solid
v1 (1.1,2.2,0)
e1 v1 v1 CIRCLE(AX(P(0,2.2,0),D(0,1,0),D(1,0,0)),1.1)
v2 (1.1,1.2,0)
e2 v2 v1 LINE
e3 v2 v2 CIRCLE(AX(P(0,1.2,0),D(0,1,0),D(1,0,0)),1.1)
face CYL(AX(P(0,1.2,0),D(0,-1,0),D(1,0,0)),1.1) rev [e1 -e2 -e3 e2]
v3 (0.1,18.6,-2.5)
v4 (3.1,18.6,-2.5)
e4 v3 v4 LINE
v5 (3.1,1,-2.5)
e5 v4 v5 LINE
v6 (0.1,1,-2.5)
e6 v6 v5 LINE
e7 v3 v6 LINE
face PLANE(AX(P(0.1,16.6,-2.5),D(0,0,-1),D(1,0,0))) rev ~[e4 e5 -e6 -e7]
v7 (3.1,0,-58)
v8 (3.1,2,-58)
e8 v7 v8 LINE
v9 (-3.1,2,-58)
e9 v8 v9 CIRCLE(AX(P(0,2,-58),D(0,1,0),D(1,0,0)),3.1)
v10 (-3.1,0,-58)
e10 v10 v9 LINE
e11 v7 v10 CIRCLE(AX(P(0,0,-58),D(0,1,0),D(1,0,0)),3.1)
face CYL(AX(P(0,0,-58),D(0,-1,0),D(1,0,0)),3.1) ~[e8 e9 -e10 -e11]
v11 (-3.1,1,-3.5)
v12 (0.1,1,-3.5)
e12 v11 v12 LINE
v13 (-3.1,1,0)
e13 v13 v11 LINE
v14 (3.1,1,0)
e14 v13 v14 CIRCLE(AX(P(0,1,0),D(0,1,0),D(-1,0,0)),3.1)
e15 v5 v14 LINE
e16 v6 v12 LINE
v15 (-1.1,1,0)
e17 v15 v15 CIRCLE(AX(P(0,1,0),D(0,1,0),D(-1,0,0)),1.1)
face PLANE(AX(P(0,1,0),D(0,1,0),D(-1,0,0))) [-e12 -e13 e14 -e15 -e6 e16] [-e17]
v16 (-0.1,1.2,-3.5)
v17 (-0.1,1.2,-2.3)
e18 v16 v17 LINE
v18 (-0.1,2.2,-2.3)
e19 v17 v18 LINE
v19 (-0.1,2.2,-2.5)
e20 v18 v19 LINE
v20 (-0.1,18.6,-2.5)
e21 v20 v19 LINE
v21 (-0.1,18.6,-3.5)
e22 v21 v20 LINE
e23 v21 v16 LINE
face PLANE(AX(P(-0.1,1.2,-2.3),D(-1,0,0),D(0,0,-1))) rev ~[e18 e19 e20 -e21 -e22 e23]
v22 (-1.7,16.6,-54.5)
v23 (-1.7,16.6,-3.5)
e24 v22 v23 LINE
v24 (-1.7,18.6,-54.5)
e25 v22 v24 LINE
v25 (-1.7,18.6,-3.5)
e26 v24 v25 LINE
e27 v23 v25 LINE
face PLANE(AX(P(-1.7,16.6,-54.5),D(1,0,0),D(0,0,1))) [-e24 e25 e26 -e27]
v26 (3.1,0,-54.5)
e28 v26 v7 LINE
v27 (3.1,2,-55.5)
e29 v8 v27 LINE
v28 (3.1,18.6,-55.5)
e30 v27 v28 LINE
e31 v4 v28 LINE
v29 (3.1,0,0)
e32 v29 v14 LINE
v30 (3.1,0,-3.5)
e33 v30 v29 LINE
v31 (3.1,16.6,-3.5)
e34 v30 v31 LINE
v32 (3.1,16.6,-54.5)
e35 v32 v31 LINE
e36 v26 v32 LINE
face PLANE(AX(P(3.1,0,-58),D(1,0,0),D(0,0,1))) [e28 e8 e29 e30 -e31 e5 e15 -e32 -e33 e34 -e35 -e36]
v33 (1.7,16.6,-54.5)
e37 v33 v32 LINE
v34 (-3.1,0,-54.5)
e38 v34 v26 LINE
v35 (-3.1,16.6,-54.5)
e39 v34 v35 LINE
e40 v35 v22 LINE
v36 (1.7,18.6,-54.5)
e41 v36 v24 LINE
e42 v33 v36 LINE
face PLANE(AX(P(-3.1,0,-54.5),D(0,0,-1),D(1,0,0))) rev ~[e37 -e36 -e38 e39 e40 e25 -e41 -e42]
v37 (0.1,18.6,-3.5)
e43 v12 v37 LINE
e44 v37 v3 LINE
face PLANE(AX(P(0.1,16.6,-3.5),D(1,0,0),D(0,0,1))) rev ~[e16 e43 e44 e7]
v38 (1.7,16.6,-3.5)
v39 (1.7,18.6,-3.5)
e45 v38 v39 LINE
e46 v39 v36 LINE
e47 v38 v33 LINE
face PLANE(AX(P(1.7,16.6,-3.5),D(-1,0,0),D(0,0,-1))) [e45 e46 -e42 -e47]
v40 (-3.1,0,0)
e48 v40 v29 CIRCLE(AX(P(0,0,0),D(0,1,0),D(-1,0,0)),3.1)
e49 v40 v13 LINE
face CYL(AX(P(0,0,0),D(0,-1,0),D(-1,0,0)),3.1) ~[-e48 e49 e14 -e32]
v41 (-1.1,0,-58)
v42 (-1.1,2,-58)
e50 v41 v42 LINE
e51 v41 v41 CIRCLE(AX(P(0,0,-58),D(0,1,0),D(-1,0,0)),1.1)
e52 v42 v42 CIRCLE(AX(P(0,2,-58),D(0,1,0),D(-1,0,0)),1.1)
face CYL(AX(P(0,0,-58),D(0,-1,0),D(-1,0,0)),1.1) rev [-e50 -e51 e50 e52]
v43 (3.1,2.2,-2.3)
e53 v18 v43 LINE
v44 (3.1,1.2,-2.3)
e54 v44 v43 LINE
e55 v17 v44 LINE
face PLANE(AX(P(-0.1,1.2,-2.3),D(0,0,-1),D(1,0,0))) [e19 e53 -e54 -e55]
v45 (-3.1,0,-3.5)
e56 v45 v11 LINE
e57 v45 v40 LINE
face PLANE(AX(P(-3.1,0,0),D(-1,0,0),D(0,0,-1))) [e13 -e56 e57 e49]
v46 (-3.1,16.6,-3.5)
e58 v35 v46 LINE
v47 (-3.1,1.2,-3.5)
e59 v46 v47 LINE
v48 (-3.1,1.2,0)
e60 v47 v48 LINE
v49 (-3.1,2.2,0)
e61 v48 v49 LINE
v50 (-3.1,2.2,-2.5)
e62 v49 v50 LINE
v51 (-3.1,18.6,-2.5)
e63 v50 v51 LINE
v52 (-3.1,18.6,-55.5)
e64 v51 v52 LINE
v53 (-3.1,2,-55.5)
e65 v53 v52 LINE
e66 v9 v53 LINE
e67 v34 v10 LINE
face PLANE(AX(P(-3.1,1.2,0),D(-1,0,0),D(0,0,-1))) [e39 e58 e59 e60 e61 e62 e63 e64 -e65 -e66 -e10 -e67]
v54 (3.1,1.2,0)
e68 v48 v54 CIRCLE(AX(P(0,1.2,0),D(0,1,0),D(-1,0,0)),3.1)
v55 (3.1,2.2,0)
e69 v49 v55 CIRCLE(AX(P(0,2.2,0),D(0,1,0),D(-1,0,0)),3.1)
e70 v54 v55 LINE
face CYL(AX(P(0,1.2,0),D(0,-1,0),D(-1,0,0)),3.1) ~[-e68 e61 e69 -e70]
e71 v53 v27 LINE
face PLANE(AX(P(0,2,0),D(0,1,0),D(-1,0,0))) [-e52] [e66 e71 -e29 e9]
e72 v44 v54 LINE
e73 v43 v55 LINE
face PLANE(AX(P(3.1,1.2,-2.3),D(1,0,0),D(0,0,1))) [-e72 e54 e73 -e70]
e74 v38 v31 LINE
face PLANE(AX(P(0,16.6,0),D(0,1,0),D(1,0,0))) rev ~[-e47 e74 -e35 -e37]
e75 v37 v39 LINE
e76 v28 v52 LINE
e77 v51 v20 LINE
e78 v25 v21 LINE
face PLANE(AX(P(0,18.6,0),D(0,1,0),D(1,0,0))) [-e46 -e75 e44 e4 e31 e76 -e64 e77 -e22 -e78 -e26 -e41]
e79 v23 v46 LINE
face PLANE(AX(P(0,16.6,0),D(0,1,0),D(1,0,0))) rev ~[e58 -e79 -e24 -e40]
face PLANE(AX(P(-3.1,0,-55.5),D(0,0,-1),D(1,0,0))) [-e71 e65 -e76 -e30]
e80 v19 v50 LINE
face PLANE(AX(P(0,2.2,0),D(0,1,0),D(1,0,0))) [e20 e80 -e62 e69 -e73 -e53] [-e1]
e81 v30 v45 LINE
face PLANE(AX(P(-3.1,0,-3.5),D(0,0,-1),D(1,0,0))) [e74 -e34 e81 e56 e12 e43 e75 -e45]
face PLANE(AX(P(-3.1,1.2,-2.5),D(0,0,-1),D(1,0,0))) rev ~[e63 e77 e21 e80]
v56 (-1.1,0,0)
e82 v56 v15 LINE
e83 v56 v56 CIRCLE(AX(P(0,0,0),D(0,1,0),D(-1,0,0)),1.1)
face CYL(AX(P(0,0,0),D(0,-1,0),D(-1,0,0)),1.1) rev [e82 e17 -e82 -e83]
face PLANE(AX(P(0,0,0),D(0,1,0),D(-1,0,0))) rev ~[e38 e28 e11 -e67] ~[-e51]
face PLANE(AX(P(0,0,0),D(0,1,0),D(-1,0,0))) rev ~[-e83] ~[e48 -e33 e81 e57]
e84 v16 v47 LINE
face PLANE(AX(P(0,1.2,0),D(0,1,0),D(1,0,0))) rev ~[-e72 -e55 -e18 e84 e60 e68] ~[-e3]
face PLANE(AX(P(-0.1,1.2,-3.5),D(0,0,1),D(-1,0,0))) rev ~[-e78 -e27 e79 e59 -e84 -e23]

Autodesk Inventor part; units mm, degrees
ref_plane "YZ Plane" through (0, 0, 0) normal (1, 0, 0) x (0, 1, 0)
ref_plane "XZ Plane" through (0, 0, 0) normal (0, 1, 0) x (-1, 0, 0)
sketch "Sketch1" plane through (0, 0, 0) normal (0, 1, 0) x (-1, 0, 0)
  circle A0 centre (0, 0) radius 1.1
  arc A1 (3.1, 0) -> (-3.1, 0) centre (0, 0) ccw
  circle A2 centre (0, -58) radius 1.1
  arc A3 (-3.1, -58) -> (3.1, -58) centre (0, -58) ccw
  line L0 (3.1, -58) -> (3.1, -54.5)
  line L1 (-3.1, -58) -> (-3.1, -54.5)
  line L2 (3.1, -54.5) -> (-3.1, -54.5)
  line L3 (3.1, -3.5) -> (-3.1, -3.5)
  line L4 (-3.1, -3.5) -> (-3.1, 0)
  line L5 (3.1, 0) -> (3.1, -3.5)
  line L6 (3.1, -55.5) -> (-3.1, -55.5)
  line L7 (3.1, -2.5) -> (-3.1, -2.5)
  line L8 (-0.1, -2.5) -> (-0.1, -3.5)
  dimension "d0" = 2.2
  dimension "d1" = 2
  dimension "d2" = 2.2
  dimension "d3" = 2
  dimension "d4" = 58
  dimension "d5" = 3.5
  dimension "d6" = 3.5
  dimension "d7" = 1
  dimension "d8" = 1
  dimension "d17" = 0.1
extrude "Extrusion1" add sketch "Sketch1" along normal blind 2 contours L1 L6 L0 A3
extrude "Extrusion5" add sketch "Sketch1" along normal blind 1 contours L5 L7 L4 A1 | L5 L3 L8 L7
extrude "Extrusion2" add sketch "Sketch1" along normal blind 16.6 contours L7 L8 L3 L4 | L1 L2 L0 L6
sketch "Sketch2" plane through (0, 16.6, 0) normal (0, 1, 0) x (1, 0, 0)
  line L0 (-3.1, 2.5) -> (-3.1, 0) construction
  line L1 (3.1, 55.5) -> (3.1, 58) construction
  line L2 (-3.1, 2.5) -> (3.1, 2.5)
  line L3 (3.1, 2.5) -> (3.1, 55.5)
  line L4 (3.1, 55.5) -> (-3.1, 55.5)
  line L5 (-3.1, 55.5) -> (-3.1, 2.5)
  line L6 (3.1, 3.5) -> (0.1, 3.5) construction
  line L7 (-3.1, 54.5) -> (3.1, 54.5) construction
  line L8 (-1.7, 3.5) -> (1.7, 3.5)
  line L9 (1.7, 3.5) -> (1.7, 54.5)
  line L10 (1.7, 54.5) -> (-1.7, 54.5)
  line L11 (-1.7, 54.5) -> (-1.7, 3.5)
  line L12 (3.1, 3.5) -> (-3.1, 3.5) projected
  line L13 (-0.1, 3.5) -> (-0.1, 2.5)
  line L14 (0.1, 3.5) -> (0.1, 2.5)
  point P0 (0, 0)
  point P1 (0, 3.5)
  dimension "d13" = 1.4
  dimension "d14" = 1.4
  dimension "d37" = 0.2
  dimension "d38" = 0.1
extrude "Extrusion3" add sketch "Sketch2" along normal blind 2 contours L5 L12 L8 L13 L2 | L5 L4 L3 L12 L9 L10 L11 | L14 L8 L12 L3 L2
ref_plane "Work Plane3" through (0, 1.2, 0) normal (0, 1, 0) x (1, 0, 0)
sketch "Sketch4" plane through (0, 1.2, 0) normal (0, 1, 0) x (1, 0, 0)
  arc A0 (-3.1, 0) -> (3.1, 0) centre (0, 0) ccw projected
  circle A1 centre (0, 0) radius 1.1 projected
  line L0 (-3.1, 3.5) -> (-3.1, 0) construction
  line L1 (3.1, 0) -> (3.1, 3.5) construction
  line L2 (3.1, 2.3) -> (3.1, 0)
  line L3 (3.1, 2.5) -> (0.1, 2.5) construction
  line L4 (-0.1, 2.3) -> (-0.1, 3.5)
  line L5 (-0.1, 3.5) -> (-3.1, 3.5)
  line L6 (3.1, 2.5) -> (0.1, 2.5) projected
  line L7 (-3.1, 2.5) -> (-0.1, 2.5)
  line L8 (-0.1, 2.3) -> (3.1, 2.3)
  line L9 (-3.1, 0) -> (-3.1, 3.5)
  dimension "d28" = 0.1
  dimension "d29" = 1
  dimension "d30" = 0.2
extrude "Extrusion6" add sketch "Sketch4" along normal blind 1
extrude "Extrusion8" add sketch "Sketch4" along normal up to surface (15.4 mm away) contours L9 L5 L4 L7
equation "\"d0\" = bolt_thread_diameter + 2 * tol"
equation "\"d1\" = thickness"
equation "\"d2\" = bolt_thread_diameter + 2 * tol"
equation "\"d3\" = thickness"
equation "\"d4\" = hole_separation"
equation "\"d5\" = hole_pin_separation - tol"
equation "\"d6\" = hole_pin_separation - tol"
equation "\"d7\" = minor_thickness"
equation "\"d8\" = minor_thickness"
equation "\"d17\" = tol"
equation "\"d9\" = thickness"
equation "\"d24\" = 0.5 * thickness"
equation "\"d11\" = wire_height + pin_base_height + tol"
equation "\"d13\" = overhang"
equation "\"d14\" = overhang"
equation "\"d37\" = 2 * tol"
equation "\"d38\" = tol"
equation "\"d15\" = thickness"
equation "\"d28\" = tol"
equation "\"d29\" = minor_thickness"
equation "\"d30\" = 2 * tol"
equation "\"d31\" = 0.5 * thickness"
equation "\"d35\" = 0.5 * thickness"
equation "\"wire_height\" = 14"
equation "\"hole_separation\" = 58"
equation "\"pin_base_height\" = 2.5"
equation "\"hole_pin_separation\" = 3.6"
equation "\"minor_thickness\" = 1"
equation "\"overhang\" = 1.4"
equation "\"d26\" = 2 * tol"
equation "\"bolt_thread_diameter\" = 2"
equation "\"tol\" = 0.1"
equation "\"thickness\" = 2"
properties part number "WIRE_HOUSING" material "PC/ABS Plastic"
